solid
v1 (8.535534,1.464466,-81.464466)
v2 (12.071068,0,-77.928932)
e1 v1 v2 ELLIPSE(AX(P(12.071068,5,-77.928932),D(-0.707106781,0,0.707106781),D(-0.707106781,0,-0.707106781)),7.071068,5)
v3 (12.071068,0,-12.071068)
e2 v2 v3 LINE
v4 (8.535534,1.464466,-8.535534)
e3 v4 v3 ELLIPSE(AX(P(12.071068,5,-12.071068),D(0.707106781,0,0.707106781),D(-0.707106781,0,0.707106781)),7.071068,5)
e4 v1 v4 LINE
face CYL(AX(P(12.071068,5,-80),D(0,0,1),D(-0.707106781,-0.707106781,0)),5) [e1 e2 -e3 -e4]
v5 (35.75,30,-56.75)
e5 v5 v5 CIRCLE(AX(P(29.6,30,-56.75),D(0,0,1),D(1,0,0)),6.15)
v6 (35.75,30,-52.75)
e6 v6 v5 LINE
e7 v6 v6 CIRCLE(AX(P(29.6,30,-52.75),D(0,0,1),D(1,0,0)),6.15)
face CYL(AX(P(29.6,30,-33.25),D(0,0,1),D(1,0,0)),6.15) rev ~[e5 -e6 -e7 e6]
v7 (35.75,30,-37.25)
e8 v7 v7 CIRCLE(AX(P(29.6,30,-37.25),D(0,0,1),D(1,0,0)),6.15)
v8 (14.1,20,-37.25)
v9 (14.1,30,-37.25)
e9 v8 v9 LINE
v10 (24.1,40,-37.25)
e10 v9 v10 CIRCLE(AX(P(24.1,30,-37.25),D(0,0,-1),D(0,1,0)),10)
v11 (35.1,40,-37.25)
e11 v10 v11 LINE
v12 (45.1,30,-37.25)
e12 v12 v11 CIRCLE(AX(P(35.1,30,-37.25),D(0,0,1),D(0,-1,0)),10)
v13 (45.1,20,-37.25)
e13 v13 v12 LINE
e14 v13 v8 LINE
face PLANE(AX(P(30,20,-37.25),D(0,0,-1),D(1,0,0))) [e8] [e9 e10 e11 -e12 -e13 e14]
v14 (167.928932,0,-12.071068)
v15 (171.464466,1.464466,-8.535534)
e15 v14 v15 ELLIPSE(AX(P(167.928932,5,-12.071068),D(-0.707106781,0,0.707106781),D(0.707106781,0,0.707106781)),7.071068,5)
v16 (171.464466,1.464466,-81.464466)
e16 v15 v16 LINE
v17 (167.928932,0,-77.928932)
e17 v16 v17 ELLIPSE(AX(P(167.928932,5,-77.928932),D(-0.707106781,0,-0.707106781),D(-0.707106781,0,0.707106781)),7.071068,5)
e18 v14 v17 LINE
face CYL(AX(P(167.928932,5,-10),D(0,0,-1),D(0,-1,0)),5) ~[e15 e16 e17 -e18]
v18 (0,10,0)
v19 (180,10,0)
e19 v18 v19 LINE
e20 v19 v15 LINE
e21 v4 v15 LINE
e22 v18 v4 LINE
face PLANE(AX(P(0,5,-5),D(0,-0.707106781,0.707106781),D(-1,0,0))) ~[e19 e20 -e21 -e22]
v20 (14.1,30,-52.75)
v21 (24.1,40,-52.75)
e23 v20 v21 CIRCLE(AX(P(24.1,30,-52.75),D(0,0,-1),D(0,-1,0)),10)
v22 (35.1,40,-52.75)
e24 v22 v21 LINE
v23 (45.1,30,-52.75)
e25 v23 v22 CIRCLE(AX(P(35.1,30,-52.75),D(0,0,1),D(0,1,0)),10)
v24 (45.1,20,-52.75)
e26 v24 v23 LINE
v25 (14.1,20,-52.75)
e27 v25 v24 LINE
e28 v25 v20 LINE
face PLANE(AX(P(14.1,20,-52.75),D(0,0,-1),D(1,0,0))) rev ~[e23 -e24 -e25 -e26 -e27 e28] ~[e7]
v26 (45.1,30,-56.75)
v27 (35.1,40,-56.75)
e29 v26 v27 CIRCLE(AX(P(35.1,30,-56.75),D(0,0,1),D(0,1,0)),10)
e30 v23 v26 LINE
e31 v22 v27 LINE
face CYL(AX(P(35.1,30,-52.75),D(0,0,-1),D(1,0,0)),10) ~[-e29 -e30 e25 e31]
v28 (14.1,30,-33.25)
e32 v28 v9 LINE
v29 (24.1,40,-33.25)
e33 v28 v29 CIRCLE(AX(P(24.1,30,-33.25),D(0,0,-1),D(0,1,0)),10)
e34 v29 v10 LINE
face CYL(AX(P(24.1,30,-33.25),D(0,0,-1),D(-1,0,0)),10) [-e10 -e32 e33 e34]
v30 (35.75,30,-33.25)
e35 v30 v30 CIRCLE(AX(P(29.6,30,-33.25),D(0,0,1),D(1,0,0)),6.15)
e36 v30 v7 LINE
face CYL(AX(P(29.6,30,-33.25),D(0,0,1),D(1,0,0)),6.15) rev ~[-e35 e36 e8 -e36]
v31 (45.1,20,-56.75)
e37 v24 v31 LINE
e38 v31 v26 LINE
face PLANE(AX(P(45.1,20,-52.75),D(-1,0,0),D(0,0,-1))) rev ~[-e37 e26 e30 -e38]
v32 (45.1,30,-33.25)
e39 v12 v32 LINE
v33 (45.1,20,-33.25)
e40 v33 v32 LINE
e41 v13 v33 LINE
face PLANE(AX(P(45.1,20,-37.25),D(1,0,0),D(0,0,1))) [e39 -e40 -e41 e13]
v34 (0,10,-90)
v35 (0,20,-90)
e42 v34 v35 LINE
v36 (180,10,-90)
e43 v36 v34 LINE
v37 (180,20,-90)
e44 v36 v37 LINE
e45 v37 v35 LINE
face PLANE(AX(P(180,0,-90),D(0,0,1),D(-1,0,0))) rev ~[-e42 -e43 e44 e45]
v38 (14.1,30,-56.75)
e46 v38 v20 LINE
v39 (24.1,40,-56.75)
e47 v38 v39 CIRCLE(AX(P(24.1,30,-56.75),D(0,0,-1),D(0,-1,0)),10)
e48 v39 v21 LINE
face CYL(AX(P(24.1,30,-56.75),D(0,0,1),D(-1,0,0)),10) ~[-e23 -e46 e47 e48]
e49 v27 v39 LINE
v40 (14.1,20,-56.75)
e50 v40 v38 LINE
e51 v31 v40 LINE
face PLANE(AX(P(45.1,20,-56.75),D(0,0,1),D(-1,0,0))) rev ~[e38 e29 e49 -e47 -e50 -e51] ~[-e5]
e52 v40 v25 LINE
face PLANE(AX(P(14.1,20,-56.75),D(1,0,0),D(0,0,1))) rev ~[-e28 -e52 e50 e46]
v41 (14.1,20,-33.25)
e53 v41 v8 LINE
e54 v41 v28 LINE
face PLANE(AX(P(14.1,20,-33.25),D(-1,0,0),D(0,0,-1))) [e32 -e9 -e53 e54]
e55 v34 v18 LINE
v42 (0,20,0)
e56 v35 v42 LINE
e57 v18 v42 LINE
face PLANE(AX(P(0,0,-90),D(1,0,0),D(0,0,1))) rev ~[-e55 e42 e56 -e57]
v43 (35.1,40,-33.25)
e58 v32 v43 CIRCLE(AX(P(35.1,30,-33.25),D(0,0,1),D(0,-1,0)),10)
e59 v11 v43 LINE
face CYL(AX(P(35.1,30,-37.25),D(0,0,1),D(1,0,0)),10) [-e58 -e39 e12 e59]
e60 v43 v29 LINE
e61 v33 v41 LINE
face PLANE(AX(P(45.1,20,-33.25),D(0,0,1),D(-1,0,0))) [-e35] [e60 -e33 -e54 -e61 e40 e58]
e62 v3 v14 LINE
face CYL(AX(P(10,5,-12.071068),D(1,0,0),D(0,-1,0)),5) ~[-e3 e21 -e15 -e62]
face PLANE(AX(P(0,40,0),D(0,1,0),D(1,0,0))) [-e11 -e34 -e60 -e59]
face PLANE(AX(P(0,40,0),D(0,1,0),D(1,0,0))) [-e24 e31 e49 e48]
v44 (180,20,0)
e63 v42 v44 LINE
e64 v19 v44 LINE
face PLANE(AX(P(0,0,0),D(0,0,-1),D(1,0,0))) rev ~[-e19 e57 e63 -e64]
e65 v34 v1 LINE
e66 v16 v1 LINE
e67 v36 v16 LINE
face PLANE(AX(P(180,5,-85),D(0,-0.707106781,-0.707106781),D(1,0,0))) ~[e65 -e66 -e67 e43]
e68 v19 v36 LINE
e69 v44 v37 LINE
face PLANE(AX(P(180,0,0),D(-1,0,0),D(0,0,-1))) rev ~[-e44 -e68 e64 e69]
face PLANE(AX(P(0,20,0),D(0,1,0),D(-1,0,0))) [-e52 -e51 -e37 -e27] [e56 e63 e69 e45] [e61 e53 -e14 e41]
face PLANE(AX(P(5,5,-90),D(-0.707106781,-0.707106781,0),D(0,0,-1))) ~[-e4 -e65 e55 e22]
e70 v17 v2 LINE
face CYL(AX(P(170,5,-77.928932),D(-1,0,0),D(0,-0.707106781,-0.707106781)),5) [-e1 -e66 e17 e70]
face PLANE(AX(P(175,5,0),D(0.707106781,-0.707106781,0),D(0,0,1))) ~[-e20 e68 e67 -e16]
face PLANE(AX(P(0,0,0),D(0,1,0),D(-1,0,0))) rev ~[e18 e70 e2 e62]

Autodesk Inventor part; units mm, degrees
ref_plane "YZ Plane" through (0, 0, 0) normal (1, 0, 0) x (0, 1, 0)
ref_plane "XZ Plane" through (0, 0, 0) normal (0, 1, 0) x (-1, 0, 0)
ref_plane "XY Plane" through (0, 0, 0) normal (0, 0, 1) x (1, 0, 0)
sketch "Esboço1" plane through (0, 0, 0) normal (0, 1, 0) x (-1, 0, 0)
  line L0 (0, 0) -> (-180, 0)
  line L1 (-180, 0) -> (-180, -90)
  line L2 (-180, -90) -> (0, -90)
  line L3 (0, -90) -> (0, 0)
  dimension "d25" = 180
extrude "Extrusão1" add sketch "Esboço1" along normal blind 20
chamfer "Chanfro1" distance 10 angle 45 4 edges at (90, 0, 0) (180, 0, -45) (90, 0, -90) (0, 0, -45)
fillet "Arredondamento1" radius 5 4 edges at (90, 0, -80) (10, 0, -45) (90, 0, -10) (170, 0, -45)
sketch "Esboço4" plane through (0, 20, 0) normal (0, 1, 0) x (1, 0, 0)
  line L0 (0, 90) -> (0, 0) projected
  line L1 (171.4645, 8.5355) -> (8.5355, 8.5355) projected
  line L2 (30, 52.75) -> (45.1, 52.75)
  line L3 (45.1, 52.75) -> (45.1, 56.75)
  line L4 (45.1, 56.75) -> (14.1, 56.75)
  line L5 (14.1, 56.75) -> (14.1, 52.75)
  line L6 (14.1, 52.75) -> (30, 52.75)
  line L7 (12.0711, 77.9289) -> (12.0711, 12.0711) projected
  line L8 (30, 37.25) -> (45.1, 37.25)
  line L9 (45.1, 37.25) -> (45.1, 33.25)
  line L10 (45.1, 33.25) -> (14.1, 33.25)
  line L11 (14.1, 33.25) -> (14.1, 37.25)
  line L12 (14.1, 37.25) -> (30, 37.25)
  dimension "d49" = 15.1
  dimension "d50" = 4
  dimension "d51" = 31
  dimension "d52" = 4
extrude "Extrusão4" add sketch "Esboço4" along normal blind 20
fillet "Arredondamento4" radius 10 4 edges at (45.1, 40, -35.25) (45.1, 40, -54.75) (14.1, 40, -54.75) (14.1, 40, -35.25)
sketch "Esboço6" plane through (14.1, 20, -33.25) normal (0, 0, 1) x (1, 0, 0)
  line L0 (21, 20) -> (10, 20) projected
  line L1 (31, 0) -> (0, 0) projected
  line L2 (0, 0) -> (0, 10) projected
  circle A0 centre (15.5, 10) radius 6.15
  point P0 (-14.1, -20)
  dimension "d54" = 12.3
extrude "Extrusão6" cut sketch "Esboço6" against normal blind 24
properties part number "base"
